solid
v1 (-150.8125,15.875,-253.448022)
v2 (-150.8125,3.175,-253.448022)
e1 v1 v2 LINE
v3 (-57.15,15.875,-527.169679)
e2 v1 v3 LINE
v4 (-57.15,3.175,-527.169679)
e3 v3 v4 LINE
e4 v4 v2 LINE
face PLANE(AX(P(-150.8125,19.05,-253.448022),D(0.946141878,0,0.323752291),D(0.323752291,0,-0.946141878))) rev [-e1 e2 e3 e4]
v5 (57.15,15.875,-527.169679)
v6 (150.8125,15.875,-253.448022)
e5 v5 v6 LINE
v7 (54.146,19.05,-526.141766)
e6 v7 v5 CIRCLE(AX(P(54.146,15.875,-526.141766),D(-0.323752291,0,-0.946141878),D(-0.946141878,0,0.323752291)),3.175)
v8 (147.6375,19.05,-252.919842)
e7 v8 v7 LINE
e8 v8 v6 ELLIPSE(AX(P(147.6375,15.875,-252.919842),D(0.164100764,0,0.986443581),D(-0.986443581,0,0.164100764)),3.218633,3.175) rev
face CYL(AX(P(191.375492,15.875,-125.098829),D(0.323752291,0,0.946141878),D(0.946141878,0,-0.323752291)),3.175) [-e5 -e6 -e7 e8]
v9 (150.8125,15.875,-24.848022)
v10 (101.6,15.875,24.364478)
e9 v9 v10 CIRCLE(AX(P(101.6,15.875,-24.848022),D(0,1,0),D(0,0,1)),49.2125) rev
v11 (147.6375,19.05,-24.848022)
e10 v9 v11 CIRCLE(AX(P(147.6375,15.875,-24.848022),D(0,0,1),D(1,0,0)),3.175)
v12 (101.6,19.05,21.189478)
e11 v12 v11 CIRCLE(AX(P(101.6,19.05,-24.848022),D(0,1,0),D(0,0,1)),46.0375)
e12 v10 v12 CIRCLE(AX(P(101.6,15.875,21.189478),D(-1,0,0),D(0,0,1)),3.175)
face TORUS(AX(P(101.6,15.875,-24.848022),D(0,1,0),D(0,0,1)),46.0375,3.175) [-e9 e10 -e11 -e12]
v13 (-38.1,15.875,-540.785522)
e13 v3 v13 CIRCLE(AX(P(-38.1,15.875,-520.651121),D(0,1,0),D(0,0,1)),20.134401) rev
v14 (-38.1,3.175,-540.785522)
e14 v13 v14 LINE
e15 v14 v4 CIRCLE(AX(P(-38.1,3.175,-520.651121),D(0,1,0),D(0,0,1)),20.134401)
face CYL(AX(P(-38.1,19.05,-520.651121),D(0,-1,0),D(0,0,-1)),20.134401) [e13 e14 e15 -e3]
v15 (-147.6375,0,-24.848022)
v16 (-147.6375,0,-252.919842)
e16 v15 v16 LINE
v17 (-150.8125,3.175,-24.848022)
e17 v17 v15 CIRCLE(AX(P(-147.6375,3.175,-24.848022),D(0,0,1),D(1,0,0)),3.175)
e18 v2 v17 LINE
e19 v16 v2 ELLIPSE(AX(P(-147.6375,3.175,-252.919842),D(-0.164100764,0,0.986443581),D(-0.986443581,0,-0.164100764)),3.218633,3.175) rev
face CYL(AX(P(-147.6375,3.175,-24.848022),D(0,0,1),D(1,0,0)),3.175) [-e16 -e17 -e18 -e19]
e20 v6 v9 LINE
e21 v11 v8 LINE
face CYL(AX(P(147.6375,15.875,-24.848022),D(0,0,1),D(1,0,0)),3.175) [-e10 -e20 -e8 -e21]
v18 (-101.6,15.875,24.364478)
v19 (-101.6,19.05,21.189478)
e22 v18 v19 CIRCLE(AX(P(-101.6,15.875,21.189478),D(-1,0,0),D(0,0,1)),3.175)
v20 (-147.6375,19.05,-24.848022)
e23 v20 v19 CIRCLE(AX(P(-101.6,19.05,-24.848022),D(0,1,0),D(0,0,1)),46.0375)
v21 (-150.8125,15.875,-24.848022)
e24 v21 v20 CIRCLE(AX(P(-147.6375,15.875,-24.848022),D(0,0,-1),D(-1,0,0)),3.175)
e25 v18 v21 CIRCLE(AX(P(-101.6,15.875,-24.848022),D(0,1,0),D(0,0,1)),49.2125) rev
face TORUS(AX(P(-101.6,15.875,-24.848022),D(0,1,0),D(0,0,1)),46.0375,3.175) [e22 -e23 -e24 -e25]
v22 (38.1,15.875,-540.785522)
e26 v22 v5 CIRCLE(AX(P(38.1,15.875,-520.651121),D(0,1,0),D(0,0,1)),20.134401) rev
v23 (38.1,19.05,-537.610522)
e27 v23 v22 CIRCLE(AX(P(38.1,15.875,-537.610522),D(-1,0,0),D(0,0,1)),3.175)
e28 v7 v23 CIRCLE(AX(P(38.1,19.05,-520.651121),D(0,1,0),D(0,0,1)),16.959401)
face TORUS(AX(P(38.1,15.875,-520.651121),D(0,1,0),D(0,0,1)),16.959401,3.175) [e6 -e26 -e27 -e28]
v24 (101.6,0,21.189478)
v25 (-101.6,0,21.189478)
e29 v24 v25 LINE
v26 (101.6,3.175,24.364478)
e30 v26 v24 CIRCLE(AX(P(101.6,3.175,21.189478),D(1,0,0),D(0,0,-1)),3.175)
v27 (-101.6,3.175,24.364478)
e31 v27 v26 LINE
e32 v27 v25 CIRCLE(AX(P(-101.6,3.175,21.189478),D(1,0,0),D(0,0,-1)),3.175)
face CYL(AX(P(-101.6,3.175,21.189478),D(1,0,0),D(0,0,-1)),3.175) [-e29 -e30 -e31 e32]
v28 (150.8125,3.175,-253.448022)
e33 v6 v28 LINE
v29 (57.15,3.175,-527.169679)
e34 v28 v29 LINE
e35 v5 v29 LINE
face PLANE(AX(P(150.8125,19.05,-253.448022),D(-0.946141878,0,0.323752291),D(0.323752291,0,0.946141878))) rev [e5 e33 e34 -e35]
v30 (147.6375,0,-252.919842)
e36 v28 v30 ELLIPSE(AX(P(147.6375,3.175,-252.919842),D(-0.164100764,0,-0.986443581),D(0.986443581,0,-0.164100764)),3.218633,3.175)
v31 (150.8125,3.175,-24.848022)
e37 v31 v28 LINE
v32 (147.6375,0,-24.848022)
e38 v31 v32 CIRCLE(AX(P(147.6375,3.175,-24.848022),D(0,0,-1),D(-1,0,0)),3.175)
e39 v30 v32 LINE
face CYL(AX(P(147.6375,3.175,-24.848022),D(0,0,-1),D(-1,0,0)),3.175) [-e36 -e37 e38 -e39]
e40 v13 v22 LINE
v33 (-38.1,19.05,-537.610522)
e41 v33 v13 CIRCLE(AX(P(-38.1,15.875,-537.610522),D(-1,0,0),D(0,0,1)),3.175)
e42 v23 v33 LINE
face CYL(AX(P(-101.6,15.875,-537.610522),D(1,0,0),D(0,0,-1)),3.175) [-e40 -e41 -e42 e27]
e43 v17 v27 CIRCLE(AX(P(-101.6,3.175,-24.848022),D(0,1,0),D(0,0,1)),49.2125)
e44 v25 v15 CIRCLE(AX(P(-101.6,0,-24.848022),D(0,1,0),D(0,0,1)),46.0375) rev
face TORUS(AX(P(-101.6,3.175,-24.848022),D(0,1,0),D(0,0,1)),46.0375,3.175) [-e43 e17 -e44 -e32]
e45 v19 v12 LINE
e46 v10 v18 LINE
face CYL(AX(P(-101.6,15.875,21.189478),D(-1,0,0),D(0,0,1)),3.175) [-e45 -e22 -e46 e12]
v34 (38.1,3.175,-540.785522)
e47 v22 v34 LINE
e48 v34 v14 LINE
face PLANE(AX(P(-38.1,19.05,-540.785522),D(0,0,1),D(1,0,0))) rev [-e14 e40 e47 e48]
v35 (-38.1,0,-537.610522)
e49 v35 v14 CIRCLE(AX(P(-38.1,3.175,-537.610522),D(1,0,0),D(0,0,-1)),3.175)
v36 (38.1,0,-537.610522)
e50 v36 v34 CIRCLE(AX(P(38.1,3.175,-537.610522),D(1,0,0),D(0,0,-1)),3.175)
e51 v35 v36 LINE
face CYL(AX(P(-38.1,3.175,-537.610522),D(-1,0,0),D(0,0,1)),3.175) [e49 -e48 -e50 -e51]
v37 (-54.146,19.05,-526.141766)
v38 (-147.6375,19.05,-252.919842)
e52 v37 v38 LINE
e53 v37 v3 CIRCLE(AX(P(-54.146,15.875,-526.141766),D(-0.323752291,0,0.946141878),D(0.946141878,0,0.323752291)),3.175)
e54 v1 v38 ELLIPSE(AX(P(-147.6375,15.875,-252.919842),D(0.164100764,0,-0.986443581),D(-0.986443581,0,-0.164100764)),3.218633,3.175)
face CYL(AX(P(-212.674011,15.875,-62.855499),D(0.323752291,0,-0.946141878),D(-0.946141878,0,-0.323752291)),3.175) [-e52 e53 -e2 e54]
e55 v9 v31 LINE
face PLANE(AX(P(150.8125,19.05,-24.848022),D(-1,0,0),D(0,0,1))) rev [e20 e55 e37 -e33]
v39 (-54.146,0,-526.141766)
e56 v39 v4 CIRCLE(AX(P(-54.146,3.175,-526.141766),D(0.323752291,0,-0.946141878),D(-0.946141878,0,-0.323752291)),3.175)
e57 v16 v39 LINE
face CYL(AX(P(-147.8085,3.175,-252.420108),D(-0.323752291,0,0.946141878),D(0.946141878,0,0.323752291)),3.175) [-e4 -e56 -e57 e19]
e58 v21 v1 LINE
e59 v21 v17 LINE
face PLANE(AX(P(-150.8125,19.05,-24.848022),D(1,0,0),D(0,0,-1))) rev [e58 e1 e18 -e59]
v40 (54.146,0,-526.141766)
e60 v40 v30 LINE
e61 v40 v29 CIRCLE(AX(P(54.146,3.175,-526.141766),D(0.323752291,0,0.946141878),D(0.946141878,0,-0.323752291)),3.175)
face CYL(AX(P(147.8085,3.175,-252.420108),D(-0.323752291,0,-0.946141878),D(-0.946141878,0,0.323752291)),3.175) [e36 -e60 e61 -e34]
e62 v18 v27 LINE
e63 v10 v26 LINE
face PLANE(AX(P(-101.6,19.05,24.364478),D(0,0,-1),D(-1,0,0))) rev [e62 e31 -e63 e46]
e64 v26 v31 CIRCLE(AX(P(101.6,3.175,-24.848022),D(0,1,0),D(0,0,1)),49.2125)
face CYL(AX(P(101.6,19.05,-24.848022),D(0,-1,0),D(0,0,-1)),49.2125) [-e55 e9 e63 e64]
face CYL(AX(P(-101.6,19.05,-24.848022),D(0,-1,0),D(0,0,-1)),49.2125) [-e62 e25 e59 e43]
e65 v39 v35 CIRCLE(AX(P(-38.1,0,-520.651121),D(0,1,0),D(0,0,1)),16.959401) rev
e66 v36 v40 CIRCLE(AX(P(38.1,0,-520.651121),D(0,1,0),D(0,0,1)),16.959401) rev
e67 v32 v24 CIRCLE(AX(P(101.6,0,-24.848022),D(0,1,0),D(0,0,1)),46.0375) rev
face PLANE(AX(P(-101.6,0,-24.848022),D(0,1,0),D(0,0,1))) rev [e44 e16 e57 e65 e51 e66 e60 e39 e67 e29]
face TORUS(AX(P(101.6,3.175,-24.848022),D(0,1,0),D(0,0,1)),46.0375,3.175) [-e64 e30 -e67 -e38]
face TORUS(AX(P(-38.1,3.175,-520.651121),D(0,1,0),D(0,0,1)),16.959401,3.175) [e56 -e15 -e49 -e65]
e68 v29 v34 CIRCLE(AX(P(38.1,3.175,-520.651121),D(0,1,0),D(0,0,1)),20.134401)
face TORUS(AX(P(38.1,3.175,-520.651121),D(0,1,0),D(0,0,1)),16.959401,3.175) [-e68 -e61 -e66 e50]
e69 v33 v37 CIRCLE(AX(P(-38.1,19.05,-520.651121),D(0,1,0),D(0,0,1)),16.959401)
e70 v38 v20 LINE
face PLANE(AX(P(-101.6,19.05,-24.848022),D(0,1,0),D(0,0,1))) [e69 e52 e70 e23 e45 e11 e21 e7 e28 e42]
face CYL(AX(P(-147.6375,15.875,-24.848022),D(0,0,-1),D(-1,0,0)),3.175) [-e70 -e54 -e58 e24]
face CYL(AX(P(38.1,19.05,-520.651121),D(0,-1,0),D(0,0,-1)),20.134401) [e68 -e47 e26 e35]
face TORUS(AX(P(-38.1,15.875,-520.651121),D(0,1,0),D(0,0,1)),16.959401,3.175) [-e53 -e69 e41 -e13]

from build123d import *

# Parameters (mm, degrees)
BOSS_EXTRUDE1_DEPTH = 19.05
FILLET1_R           = 3.175
FILLET2_R           = 3.175


with BuildPart() as part:
    # Sketch1 → Boss-Extrude1 (new body)
    with BuildSketch(Plane(origin=(0, 0, 0), x_dir=(1, 0, 0), z_dir=(0, 1, 0))):
        with BuildLine():
            Line((-101.6, -24.364478091), (101.6, -24.364478091))
            ThreePointArc((101.6, -24.364478091), (136.398492469, -9.95047056), (150.8125, 24.848021909))
            Line((150.8125, 24.848021909), (150.8125, 253.448021909))
            Line((150.8125, 253.448021909), (57.15, 527.169679348))
            ThreePointArc((57.15, 527.169679348), (49.807835716, 537.031618051), (38.1, 540.785521909))
            Line((38.1, 540.785521909), (-38.1, 540.785521909))
            ThreePointArc((-38.1, 540.785521909), (-49.807835716, 537.031618051), (-57.15, 527.169679348))
            Line((-57.15, 527.169679348), (-150.8125, 253.448021909))
            Line((-150.8125, 253.448021909), (-150.8125, 24.848021909))
            ThreePointArc((-150.8125, 24.848021909), (-136.398492469, -9.95047056), (-101.6, -24.364478091))
        make_face()
    extrude(amount=BOSS_EXTRUDE1_DEPTH)

    # Fillet1
    fillet1_edges = [part.edges().sort_by_distance(p)[0] for p in [
        (136.398492469, 19.05, 9.95047056),
        (150.8125, 19.05, -139.148021909),
        (103.98125, 19.05, -390.308850629),
        (49.807835716, 19.05, -537.031618051),
        (0, 19.05, -540.785521909),
        (-49.807835716, 19.05, -537.031618051),
        (-103.98125, 19.05, -390.308850629),
        (-150.8125, 19.05, -139.148021909),
        (-136.398492469, 19.05, 9.95047056),
        (0, 19.05, 24.364478091),
    ]]
    fillet(fillet1_edges, radius=FILLET1_R)

    # Fillet2
    fillet2_edges = [part.edges().sort_by_distance(p)[0] for p in [
        (-49.807835716, 0, -537.031618051),
        (0, 0, -540.785521909),
        (49.807835716, 0, -537.031618051),
        (103.98125, 0, -390.308850629),
        (150.8125, 0, -139.148021909),
        (136.398492469, 0, 9.95047056),
        (0, 0, 24.364478091),
        (-136.398492469, 0, 9.95047056),
        (-150.8125, 0, -139.148021909),
        (-103.98125, 0, -390.308850629),
    ]]
    fillet(fillet2_edges, radius=FILLET2_R)


solid = part.part
